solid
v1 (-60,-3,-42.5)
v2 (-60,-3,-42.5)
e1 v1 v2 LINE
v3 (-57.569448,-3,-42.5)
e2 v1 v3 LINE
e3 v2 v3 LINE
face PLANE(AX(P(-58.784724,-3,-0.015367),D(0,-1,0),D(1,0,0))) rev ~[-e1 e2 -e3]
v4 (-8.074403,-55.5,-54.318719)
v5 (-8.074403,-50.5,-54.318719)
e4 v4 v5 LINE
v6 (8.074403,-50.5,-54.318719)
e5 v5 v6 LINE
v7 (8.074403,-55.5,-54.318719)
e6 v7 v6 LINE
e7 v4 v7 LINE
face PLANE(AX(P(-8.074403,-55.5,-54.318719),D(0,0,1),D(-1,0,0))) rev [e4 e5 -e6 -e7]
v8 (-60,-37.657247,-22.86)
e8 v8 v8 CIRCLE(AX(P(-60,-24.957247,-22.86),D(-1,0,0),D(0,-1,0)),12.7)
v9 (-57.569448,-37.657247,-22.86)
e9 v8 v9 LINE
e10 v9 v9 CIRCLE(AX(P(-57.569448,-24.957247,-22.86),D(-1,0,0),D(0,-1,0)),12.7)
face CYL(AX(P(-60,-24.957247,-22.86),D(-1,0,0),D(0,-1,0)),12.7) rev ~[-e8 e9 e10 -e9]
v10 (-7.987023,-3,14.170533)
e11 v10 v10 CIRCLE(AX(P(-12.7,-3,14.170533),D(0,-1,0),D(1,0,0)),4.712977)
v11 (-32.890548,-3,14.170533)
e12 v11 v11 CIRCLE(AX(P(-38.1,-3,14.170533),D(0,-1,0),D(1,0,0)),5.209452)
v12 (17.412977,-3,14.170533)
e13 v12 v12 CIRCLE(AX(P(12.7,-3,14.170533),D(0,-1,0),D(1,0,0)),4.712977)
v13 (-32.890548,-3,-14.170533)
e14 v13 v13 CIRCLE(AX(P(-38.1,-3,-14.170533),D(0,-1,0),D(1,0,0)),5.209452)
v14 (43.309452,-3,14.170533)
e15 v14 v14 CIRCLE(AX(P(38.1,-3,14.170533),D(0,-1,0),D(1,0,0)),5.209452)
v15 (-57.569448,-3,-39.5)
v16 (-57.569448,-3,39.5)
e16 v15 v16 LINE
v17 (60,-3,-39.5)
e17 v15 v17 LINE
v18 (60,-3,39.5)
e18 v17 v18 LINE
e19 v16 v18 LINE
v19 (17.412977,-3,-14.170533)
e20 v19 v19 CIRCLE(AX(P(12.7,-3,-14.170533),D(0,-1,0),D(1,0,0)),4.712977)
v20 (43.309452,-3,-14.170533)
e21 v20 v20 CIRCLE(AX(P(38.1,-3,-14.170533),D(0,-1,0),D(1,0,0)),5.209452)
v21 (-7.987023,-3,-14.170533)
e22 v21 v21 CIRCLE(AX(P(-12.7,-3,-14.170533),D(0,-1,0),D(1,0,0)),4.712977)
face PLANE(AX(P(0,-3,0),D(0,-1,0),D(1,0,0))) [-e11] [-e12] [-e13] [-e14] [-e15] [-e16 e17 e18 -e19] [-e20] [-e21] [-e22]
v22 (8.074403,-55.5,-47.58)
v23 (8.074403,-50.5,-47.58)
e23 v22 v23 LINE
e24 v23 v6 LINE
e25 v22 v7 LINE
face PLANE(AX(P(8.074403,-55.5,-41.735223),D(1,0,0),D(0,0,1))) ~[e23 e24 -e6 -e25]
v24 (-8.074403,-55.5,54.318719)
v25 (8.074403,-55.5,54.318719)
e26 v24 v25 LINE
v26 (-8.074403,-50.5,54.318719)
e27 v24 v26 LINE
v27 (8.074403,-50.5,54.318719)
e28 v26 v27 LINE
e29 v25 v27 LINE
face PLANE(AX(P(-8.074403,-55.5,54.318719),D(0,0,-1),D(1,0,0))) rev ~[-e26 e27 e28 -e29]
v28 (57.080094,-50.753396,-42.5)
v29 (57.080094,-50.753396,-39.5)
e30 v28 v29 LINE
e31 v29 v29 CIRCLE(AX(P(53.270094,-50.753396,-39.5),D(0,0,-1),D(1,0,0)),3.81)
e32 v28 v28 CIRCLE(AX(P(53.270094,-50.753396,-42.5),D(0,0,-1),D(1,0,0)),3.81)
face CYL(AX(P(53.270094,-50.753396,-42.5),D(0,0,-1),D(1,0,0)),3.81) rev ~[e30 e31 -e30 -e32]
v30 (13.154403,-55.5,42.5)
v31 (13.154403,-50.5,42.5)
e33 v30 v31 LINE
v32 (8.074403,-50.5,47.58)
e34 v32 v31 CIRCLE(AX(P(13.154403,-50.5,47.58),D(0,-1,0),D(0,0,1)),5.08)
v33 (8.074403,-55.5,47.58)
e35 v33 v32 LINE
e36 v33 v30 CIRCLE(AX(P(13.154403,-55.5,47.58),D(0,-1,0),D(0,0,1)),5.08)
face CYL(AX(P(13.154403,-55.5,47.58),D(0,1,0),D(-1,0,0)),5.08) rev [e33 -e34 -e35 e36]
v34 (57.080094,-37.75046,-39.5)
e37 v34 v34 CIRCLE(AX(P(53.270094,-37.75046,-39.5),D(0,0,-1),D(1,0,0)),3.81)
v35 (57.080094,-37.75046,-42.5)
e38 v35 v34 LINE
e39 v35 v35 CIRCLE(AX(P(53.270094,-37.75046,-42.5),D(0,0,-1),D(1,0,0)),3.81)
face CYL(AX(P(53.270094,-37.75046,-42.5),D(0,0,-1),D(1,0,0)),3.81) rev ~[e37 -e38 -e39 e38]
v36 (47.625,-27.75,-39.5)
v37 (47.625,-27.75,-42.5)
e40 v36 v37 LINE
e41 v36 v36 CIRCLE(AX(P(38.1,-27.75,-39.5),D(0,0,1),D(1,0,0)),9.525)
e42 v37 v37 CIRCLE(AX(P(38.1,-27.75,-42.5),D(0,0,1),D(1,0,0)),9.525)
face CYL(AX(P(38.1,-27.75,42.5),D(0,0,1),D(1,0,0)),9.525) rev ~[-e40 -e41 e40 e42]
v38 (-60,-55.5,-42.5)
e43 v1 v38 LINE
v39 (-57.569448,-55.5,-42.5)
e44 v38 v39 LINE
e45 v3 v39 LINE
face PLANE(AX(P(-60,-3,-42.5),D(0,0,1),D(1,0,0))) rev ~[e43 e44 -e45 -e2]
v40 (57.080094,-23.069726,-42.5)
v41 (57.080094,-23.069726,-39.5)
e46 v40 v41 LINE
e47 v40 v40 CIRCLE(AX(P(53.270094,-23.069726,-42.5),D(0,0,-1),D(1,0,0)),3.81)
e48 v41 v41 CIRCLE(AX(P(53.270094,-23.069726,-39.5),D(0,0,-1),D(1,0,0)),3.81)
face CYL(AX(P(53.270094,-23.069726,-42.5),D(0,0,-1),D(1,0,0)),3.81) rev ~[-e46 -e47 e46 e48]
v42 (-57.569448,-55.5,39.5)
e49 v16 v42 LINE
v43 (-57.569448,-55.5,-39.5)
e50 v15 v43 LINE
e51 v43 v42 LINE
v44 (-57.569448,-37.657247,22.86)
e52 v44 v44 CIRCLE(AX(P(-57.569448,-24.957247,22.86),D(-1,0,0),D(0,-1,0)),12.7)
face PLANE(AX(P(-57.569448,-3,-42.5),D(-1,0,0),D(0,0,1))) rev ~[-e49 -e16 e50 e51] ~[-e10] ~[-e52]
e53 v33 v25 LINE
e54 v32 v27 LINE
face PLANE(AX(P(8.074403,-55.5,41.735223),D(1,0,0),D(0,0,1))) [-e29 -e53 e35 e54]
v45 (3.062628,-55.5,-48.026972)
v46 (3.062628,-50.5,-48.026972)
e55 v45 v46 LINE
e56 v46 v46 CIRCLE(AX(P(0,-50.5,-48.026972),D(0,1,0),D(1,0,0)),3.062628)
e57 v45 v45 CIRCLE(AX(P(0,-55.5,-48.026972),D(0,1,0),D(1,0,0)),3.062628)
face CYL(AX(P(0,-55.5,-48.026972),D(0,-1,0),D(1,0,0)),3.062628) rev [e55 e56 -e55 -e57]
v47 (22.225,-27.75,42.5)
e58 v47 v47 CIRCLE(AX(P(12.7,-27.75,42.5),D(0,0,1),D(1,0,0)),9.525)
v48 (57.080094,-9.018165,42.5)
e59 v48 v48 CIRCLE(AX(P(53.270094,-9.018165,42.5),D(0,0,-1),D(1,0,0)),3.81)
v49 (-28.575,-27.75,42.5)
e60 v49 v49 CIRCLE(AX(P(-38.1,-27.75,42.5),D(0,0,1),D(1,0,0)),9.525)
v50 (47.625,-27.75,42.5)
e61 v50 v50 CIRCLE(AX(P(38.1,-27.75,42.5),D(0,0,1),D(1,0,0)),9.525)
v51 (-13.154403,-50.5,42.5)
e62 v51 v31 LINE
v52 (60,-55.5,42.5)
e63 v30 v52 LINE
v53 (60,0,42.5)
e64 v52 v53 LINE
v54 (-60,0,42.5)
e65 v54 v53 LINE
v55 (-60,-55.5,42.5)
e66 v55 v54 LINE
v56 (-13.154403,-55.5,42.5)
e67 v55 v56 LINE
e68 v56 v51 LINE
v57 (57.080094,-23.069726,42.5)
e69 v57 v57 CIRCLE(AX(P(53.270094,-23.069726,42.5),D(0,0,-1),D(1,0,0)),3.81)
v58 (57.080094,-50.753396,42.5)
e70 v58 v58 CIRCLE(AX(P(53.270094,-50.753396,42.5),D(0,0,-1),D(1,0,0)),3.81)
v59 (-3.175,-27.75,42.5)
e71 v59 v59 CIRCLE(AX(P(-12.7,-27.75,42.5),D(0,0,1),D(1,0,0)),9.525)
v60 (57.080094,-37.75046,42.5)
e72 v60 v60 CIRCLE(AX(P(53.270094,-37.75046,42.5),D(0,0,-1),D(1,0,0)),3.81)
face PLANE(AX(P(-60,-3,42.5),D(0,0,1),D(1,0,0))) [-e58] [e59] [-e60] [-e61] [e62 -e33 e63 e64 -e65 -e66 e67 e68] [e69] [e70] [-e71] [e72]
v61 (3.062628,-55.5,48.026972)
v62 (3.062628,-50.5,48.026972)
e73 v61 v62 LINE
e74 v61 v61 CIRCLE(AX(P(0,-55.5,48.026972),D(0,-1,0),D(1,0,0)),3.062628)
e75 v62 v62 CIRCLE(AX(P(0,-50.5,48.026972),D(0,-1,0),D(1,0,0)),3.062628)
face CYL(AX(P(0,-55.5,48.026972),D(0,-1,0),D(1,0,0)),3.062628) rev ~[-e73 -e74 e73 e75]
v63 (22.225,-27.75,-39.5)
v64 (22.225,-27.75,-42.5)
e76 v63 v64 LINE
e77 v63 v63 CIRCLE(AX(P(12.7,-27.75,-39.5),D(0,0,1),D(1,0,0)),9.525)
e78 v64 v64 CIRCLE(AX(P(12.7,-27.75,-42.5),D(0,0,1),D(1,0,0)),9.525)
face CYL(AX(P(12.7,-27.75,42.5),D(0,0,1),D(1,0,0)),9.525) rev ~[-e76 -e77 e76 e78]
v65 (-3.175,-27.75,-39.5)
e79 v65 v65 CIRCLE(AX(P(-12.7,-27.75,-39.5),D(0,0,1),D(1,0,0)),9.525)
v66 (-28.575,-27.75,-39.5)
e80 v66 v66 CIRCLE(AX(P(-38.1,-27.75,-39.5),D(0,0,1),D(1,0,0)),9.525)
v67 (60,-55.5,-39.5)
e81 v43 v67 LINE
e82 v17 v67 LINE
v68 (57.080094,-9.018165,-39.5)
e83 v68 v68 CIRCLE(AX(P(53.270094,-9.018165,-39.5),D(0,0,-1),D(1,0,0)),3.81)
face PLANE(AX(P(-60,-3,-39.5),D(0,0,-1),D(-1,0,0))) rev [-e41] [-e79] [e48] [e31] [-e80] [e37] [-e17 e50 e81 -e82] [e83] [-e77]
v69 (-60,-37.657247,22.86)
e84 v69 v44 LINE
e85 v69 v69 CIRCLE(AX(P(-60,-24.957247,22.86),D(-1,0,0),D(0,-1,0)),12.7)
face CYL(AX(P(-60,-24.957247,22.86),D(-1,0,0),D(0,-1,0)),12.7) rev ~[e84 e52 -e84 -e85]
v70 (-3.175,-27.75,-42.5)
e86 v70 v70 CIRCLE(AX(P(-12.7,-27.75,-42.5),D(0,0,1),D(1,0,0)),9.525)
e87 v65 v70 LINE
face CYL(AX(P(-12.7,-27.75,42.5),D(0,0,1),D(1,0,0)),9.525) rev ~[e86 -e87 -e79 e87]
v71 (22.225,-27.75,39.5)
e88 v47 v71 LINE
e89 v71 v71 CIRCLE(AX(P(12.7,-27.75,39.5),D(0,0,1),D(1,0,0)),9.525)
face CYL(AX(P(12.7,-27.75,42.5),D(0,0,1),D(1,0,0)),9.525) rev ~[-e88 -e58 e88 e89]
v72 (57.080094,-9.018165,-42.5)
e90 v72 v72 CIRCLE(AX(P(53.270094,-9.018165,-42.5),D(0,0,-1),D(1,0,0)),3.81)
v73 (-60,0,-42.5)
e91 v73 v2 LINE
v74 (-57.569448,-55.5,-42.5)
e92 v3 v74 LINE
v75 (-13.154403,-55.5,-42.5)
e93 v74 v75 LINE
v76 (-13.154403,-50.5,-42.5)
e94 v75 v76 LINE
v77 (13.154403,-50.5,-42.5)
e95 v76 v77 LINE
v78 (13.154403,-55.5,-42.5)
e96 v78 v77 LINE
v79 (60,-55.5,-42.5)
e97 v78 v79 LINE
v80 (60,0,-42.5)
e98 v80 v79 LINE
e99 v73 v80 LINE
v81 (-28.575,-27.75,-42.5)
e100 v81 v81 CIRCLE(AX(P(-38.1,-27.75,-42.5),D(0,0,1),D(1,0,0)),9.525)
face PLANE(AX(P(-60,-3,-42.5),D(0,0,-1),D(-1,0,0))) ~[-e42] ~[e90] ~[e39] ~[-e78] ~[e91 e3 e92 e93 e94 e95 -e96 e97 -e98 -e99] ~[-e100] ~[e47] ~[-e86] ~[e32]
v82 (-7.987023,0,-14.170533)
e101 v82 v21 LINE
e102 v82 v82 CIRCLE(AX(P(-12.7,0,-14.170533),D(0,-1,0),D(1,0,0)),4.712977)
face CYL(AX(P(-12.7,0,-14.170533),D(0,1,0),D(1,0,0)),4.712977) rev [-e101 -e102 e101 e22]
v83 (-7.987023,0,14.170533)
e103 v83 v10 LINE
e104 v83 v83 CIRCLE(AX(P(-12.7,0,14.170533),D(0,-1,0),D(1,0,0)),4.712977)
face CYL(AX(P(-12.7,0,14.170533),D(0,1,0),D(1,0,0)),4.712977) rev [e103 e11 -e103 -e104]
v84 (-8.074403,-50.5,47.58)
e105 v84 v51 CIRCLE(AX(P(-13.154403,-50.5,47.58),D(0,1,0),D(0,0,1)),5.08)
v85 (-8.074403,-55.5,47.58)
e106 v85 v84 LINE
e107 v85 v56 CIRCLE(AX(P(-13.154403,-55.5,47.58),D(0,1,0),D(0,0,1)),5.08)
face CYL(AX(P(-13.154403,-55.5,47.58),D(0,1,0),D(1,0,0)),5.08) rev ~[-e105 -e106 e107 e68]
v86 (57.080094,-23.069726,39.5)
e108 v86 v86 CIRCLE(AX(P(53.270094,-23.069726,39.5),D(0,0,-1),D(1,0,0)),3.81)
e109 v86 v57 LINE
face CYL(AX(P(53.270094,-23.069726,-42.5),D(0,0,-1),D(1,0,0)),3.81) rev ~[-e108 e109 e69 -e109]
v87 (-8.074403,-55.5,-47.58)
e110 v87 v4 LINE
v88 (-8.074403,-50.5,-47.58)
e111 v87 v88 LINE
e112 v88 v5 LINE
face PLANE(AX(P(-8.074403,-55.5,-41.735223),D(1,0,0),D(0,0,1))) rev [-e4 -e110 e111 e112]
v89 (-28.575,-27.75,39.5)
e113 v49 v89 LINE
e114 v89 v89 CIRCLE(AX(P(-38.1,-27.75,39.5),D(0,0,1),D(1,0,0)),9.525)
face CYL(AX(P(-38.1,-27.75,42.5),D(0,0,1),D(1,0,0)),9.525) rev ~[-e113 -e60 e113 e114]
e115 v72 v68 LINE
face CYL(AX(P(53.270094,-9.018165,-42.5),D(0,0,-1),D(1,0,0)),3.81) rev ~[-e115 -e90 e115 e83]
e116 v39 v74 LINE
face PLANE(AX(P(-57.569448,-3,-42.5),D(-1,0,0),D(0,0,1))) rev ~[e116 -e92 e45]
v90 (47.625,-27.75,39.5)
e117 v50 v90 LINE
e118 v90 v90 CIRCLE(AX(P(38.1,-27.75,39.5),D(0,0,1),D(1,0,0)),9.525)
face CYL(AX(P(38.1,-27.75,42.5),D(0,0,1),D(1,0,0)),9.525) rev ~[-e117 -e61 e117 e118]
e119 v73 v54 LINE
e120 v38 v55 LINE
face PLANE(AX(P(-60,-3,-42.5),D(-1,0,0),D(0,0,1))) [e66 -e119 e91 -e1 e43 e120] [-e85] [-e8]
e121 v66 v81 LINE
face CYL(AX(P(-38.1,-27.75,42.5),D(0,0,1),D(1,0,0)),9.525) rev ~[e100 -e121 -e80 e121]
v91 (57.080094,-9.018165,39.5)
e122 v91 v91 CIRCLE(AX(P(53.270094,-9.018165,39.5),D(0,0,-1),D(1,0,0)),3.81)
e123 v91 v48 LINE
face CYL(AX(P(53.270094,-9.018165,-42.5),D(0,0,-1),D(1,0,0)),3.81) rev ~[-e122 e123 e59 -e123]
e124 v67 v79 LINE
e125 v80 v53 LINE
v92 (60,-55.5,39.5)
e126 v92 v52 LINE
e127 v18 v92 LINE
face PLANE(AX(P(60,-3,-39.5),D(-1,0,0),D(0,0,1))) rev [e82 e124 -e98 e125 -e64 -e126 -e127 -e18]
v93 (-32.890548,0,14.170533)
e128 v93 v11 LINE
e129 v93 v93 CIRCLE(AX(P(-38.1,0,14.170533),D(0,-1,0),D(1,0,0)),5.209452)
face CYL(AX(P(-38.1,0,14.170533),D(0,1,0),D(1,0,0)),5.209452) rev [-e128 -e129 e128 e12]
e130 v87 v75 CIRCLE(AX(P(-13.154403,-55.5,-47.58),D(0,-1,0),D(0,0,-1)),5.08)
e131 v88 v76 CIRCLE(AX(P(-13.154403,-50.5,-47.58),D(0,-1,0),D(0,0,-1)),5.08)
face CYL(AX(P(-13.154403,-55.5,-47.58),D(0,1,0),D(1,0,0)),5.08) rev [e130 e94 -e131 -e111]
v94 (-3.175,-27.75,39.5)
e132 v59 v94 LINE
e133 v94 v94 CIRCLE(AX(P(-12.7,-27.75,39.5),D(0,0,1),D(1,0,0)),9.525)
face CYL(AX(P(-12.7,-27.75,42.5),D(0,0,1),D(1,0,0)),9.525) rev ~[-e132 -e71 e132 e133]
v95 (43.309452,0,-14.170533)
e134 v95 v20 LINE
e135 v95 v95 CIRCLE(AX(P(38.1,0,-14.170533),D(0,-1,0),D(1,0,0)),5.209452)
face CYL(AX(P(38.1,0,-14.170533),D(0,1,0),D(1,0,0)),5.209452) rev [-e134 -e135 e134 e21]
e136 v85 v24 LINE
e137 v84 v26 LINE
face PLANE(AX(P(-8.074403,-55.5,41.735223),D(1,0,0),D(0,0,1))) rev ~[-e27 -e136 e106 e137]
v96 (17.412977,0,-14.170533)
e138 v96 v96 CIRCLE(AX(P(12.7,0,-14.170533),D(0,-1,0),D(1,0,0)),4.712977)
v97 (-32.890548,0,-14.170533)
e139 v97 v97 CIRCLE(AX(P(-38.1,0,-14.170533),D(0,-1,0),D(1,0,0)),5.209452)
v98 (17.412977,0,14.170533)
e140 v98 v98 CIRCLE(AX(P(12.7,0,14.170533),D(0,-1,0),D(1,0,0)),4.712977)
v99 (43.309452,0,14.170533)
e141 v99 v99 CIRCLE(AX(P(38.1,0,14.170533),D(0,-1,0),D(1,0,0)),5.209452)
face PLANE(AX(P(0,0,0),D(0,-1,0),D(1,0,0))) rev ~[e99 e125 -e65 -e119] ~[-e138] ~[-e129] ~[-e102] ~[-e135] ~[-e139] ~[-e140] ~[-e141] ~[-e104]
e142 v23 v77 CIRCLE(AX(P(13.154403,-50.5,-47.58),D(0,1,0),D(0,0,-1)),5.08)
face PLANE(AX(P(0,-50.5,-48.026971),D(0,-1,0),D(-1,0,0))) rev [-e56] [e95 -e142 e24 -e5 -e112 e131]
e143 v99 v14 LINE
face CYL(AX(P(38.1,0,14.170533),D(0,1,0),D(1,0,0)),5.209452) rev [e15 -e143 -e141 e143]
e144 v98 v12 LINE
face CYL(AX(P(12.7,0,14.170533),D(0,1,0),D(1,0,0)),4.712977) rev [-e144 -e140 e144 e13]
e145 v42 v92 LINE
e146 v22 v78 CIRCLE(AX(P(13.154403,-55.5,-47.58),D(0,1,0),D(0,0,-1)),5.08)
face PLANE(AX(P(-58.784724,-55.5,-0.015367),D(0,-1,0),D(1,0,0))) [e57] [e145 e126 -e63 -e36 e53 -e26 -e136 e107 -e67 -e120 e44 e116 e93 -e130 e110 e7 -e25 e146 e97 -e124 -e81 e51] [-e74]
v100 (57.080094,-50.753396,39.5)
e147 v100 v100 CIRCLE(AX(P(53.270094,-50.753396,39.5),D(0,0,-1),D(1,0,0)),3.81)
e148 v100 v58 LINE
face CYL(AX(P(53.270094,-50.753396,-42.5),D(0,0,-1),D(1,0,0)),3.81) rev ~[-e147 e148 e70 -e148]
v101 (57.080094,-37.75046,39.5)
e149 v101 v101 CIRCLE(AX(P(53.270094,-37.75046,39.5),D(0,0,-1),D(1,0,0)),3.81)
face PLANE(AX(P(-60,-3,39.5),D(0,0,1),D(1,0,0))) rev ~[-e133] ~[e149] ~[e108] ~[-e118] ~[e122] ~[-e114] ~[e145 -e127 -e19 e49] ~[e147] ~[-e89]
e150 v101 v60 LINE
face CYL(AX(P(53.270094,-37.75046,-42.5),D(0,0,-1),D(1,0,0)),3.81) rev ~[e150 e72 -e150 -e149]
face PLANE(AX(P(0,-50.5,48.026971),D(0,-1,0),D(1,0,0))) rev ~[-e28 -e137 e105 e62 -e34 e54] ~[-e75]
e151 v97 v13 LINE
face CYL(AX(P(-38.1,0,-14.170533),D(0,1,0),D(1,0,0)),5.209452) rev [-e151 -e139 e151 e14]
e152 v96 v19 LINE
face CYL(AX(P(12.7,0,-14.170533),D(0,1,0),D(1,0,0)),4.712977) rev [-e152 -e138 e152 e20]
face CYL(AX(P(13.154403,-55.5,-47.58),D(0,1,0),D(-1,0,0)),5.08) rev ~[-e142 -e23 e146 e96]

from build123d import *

# Parameters (mm, degrees)
F0_W      = 120
F0_H      = 85
F0_R      = 5.209452
F0_R_2    = 4.712977
F1_DEPTH  = 3
F2_W      = 120
F2_H      = 3
F3_DEPTH  = 52.5
F5_W      = 16.148806
F5_H      = 12.583495
F5_R      = 3.062628
F6_DEPTH  = 5
F7_R      = 5.08
F9_R      = 9.525
F10_DEPTH = 152.4
F11_W     = 2.430552
F11_H     = 84.969267
F12_DEPTH = 52.5
F13_R     = 12.7
F14_DEPTH = 25.4
F15_R     = 3.81
F16_DEPTH = 152.4


with BuildPart() as f1:
    # F0 (on Front) → F1 (new body)
    with BuildSketch(Plane.XZ):
        Rectangle(F0_W, F0_H)
        with Locations((-38.1, -14.170533)):
            Circle(F0_R, mode=Mode.SUBTRACT)
        with Locations((-12.7, -14.170533)):
            Circle(F0_R_2, mode=Mode.SUBTRACT)
        with Locations((12.7, -14.170533)):
            Circle(F0_R_2, mode=Mode.SUBTRACT)
        with Locations((38.1, -14.170533)):
            Circle(F0_R, mode=Mode.SUBTRACT)
        with Locations((-38.1, 14.170533)):
            Circle(F0_R, mode=Mode.SUBTRACT)
        with Locations((-12.7, 14.170533)):
            Circle(F0_R_2, mode=Mode.SUBTRACT)
        with Locations((12.7, 14.170533)):
            Circle(F0_R_2, mode=Mode.SUBTRACT)
        with Locations((38.1, 14.170533)):
            Circle(F0_R, mode=Mode.SUBTRACT)
    extrude(amount=F1_DEPTH)

    # F2 (on face) → F3 (join)
    with BuildSketch(Plane.XZ.offset(3)):
        with Locations((0, 41)):
            Rectangle(F2_W, F2_H)
    extrude(amount=F3_DEPTH)

    # F4: F1 across plane


with BuildPart() as f1_1:
    add(f1.part)
    add(f1.part.mirror(Plane.XY))

    # F5 (on face) → F6 (join)
    with BuildSketch(Plane.XZ.offset(55.5)):
        with Locations((0, 48.026971)):
            Rectangle(F5_W, F5_H)
        with Locations((0, 48.026972)):
            Circle(F5_R, mode=Mode.SUBTRACT)
    extrude(amount=-F6_DEPTH)

    # F7
    f7_edges = [f1_1.edges().sort_by_distance(p)[0] for p in [
        (-8.074403, -53, 42.5),
        (8.074403, -53, 42.5),
    ]]
    fillet(f7_edges, radius=F7_R)

    # F8: F1 across plane


with BuildPart() as f1_2:
    add(f1_1.part)
    add(f1_1.part.mirror(Plane.XY))

    # F9 (on face) → F10 (cut)
    with BuildSketch(Plane.XY.offset(42.5)):
        with Locations((-38.1, -27.75)):
            Circle(F9_R)
        with Locations((-12.7, -27.75)):
            Circle(F9_R)
        with Locations((12.7, -27.75)):
            Circle(F9_R)
        with Locations((38.1, -27.75)):
            Circle(F9_R)
    extrude(amount=-F10_DEPTH, mode=Mode.SUBTRACT)

    # F11 (on face) → F12 (join, through all)
    with BuildSketch(Plane.XZ.offset(3)):
        with Locations((-58.784724, -0.015367)):
            Rectangle(F11_W, F11_H)
    extrude(amount=F12_DEPTH)

    # F13 (on face) → F14 (cut)
    with BuildSketch(Plane(origin=(-60, 0, 0), x_dir=(0, -1, 0), z_dir=(-1, 0, 0))):
        with Locations((24.957247, 22.86)):
            Circle(F13_R)
        with Locations((24.957247, -22.86)):
            Circle(F13_R)
    extrude(amount=-F14_DEPTH, mode=Mode.SUBTRACT)

    # F15 (on face) → F16 (cut)
    with BuildSketch(Plane(origin=(0, 0, -42.5), x_dir=(1, 0, 0), z_dir=(0, 0, -1))):
        with Locations((53.270094, 50.753396)):
            Circle(F15_R)
        with Locations((53.270094, 37.75046)):
            Circle(F15_R)
        with Locations((53.270094, 23.069726)):
            Circle(F15_R)
        with Locations((53.270094, 9.018165)):
            Circle(F15_R)
    extrude(amount=-F16_DEPTH, mode=Mode.SUBTRACT)


solid = f1_2.part
